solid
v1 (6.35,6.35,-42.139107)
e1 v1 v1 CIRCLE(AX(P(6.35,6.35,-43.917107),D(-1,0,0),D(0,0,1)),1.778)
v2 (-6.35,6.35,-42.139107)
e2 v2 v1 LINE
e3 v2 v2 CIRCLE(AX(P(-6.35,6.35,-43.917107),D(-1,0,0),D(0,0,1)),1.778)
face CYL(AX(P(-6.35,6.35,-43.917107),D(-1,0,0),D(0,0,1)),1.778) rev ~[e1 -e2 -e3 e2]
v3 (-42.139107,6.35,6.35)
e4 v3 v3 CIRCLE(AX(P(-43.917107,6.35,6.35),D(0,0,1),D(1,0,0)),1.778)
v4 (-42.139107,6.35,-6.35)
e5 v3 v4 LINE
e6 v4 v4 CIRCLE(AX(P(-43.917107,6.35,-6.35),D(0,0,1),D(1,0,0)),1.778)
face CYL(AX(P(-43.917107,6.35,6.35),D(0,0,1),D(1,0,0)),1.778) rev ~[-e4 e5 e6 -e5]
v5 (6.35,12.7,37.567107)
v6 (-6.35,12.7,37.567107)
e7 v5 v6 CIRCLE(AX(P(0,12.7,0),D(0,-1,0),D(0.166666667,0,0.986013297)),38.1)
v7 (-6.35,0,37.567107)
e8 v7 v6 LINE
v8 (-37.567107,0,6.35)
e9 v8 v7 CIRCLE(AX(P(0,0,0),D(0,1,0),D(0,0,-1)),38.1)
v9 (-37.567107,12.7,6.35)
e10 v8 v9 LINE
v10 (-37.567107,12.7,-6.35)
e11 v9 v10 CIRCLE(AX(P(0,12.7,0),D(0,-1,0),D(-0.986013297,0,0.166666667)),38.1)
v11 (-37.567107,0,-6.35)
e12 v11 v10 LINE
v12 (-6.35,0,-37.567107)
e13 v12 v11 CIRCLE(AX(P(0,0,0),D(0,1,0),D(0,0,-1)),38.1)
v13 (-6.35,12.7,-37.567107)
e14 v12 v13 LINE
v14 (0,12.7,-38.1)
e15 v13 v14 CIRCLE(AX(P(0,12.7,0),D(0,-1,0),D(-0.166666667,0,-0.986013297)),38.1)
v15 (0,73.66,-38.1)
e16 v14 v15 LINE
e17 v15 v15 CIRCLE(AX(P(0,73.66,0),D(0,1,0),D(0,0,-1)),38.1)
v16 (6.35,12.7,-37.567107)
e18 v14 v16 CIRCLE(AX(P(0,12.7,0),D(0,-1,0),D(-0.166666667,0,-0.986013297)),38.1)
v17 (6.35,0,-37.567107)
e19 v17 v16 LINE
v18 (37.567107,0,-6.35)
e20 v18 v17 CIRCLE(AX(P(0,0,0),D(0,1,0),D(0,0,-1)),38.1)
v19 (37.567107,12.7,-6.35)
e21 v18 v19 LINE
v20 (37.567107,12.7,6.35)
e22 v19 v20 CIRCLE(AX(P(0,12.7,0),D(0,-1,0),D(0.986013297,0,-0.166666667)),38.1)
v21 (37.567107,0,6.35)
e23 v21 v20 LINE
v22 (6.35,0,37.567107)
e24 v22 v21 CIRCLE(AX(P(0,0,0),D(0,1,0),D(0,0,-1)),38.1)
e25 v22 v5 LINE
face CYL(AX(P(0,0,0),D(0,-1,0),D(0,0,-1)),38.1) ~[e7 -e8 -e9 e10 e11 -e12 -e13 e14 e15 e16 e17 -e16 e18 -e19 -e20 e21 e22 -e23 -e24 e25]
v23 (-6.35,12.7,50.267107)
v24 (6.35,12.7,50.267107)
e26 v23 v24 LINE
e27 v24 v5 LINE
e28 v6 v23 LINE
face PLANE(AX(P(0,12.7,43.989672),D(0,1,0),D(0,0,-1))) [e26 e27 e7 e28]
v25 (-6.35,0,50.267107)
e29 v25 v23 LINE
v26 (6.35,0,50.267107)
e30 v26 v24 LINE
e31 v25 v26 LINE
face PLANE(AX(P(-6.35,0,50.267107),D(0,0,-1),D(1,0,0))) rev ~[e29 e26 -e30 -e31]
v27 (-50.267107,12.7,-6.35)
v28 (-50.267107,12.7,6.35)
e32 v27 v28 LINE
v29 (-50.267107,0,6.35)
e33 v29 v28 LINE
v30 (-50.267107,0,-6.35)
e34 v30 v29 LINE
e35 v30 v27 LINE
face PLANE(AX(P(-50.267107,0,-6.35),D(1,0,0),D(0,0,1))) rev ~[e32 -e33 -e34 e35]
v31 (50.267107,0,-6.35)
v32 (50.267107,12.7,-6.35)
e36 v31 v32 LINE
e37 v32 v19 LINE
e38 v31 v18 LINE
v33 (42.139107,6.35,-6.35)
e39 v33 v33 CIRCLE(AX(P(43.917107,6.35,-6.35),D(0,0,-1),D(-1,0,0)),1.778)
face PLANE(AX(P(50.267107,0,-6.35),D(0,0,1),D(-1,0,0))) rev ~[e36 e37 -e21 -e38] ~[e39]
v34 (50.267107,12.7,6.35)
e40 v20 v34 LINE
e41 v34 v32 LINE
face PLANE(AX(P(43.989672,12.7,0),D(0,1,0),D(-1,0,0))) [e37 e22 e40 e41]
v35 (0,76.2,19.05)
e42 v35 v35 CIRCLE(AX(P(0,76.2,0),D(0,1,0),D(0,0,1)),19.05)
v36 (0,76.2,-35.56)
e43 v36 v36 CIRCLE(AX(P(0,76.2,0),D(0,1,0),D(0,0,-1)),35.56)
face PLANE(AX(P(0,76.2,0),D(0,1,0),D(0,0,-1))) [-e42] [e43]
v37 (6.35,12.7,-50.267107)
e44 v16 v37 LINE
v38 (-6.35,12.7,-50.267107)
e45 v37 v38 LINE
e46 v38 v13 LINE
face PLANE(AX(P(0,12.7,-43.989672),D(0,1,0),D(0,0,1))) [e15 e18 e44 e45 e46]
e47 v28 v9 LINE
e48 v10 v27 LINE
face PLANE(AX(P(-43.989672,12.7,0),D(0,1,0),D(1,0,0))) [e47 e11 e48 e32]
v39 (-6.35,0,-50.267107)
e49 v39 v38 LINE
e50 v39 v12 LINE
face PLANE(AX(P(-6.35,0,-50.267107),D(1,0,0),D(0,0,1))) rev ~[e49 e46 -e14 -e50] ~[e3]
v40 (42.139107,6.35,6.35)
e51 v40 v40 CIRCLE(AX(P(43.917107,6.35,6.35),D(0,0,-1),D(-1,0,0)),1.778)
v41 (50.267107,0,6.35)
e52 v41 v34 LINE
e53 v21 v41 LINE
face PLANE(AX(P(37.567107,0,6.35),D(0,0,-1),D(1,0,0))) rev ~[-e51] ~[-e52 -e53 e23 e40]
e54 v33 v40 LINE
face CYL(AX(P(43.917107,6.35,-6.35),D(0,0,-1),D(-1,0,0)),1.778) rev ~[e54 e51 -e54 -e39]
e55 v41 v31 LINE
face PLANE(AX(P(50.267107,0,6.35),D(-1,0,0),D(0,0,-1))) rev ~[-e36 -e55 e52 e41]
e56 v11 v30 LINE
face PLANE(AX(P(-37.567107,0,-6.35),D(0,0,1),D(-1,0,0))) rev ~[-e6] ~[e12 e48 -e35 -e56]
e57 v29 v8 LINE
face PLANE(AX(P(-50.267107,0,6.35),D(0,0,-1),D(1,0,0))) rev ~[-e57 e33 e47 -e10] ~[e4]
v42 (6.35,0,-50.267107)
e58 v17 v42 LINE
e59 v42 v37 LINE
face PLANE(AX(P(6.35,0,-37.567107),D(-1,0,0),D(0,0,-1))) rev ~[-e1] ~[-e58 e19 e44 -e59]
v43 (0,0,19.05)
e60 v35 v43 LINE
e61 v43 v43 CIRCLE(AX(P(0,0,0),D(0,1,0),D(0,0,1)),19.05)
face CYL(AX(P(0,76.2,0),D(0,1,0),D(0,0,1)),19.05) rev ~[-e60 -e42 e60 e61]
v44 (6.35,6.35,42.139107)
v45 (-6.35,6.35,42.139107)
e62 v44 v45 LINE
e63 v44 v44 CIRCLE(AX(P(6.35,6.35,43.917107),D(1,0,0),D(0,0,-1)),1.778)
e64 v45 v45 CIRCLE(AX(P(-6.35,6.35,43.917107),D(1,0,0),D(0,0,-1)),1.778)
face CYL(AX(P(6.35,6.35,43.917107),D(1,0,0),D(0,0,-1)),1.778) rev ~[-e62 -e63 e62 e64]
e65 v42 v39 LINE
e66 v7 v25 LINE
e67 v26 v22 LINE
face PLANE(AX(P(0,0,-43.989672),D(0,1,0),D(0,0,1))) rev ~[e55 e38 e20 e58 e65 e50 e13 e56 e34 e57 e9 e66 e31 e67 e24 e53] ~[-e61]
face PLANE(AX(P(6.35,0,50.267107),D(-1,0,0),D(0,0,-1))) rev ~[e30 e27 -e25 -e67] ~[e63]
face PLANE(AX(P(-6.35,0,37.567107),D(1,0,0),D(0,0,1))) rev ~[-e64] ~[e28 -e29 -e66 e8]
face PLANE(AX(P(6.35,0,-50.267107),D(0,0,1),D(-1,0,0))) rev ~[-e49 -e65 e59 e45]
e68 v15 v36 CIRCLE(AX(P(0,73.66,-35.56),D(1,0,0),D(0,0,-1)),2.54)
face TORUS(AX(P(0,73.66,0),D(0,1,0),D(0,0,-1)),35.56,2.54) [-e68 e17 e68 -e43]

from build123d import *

# Parameters (mm, degrees)
SKETCH2_R           = 38.1
BOSS_EXTRUDE1_DEPTH = 76.2
SKETCH3_R           = 19.05
CUT_EXTRUDE1_DEPTH  = 76.2
FILLET1_R           = 2.54
BOSS_EXTRUDE2_DEPTH = 12.7
SKETCH5_R           = 1.778
CUT_EXTRUDE2_DEPTH  = 25.4
CIRPATTERN2_COUNT   = 4


with BuildPart() as part:
    # Sketch2 → Boss-Extrude1 (new body)
    with BuildSketch(Plane(origin=(0, 0, 0), x_dir=(1, 0, 0), z_dir=(0, 1, 0))):
        with Locations(Location((0, 0, 0), (0, 0, 90))):
            Circle(SKETCH2_R)
    extrude(amount=BOSS_EXTRUDE1_DEPTH)

    # Sketch3 → Cut-Extrude1 (cut)
    with BuildSketch(Plane(origin=(0, 76.2, 0), x_dir=(1, 0, 0), z_dir=(0, 1, 0))):
        with Locations(Location((0, 0, 0), (0, 0, 270))):
            Circle(SKETCH3_R)
    extrude(amount=-CUT_EXTRUDE1_DEPTH, mode=Mode.SUBTRACT)

    # Fillet1
    fillet1_edges = [part.edges().sort_by_distance(p)[0] for p in [
        (0, 76.2, 38.1),
    ]]
    fillet(fillet1_edges, radius=FILLET1_R)

    # Sketch4 → Boss-Extrude2 (add)
    with BuildSketch(Plane(origin=(0, 0, 0), x_dir=(1, 0, 0), z_dir=(0, 1, 0))):
        with BuildLine():
            Line((-37.567106623, 6.35), (-50.267106623, 6.35))
            Line((-50.267106623, 6.35), (-50.267106623, -6.35))
            Line((-50.267106623, -6.35), (-37.567106623, -6.35))
            ThreePointArc((-37.567106623, -6.35), (-38.1, 0), (-37.567106623, 6.35))
        make_face()
    boss_extrude2 = extrude(amount=BOSS_EXTRUDE2_DEPTH)

    # Sketch5 → Cut-Extrude2 (cut)
    with BuildSketch(Plane.XY.offset(6.35)):
        with Locations((-43.917106623, 6.35)):
            Circle(SKETCH5_R)
    cut_extrude2 = extrude(amount=-CUT_EXTRUDE2_DEPTH, mode=Mode.SUBTRACT)

    # CirPattern2: Boss-Extrude2, Cut-Extrude2 ×4 about axis
    cirpattern2_axis = Axis((0, 0, 0), (0, 1, 0))
    add([boss_extrude2.rotate(cirpattern2_axis, i * 360 / CIRPATTERN2_COUNT) for i in range(1, CIRPATTERN2_COUNT)])
    add([cut_extrude2.rotate(cirpattern2_axis, i * 360 / CIRPATTERN2_COUNT) for i in range(1, CIRPATTERN2_COUNT)], mode=Mode.SUBTRACT)


solid = part.part
